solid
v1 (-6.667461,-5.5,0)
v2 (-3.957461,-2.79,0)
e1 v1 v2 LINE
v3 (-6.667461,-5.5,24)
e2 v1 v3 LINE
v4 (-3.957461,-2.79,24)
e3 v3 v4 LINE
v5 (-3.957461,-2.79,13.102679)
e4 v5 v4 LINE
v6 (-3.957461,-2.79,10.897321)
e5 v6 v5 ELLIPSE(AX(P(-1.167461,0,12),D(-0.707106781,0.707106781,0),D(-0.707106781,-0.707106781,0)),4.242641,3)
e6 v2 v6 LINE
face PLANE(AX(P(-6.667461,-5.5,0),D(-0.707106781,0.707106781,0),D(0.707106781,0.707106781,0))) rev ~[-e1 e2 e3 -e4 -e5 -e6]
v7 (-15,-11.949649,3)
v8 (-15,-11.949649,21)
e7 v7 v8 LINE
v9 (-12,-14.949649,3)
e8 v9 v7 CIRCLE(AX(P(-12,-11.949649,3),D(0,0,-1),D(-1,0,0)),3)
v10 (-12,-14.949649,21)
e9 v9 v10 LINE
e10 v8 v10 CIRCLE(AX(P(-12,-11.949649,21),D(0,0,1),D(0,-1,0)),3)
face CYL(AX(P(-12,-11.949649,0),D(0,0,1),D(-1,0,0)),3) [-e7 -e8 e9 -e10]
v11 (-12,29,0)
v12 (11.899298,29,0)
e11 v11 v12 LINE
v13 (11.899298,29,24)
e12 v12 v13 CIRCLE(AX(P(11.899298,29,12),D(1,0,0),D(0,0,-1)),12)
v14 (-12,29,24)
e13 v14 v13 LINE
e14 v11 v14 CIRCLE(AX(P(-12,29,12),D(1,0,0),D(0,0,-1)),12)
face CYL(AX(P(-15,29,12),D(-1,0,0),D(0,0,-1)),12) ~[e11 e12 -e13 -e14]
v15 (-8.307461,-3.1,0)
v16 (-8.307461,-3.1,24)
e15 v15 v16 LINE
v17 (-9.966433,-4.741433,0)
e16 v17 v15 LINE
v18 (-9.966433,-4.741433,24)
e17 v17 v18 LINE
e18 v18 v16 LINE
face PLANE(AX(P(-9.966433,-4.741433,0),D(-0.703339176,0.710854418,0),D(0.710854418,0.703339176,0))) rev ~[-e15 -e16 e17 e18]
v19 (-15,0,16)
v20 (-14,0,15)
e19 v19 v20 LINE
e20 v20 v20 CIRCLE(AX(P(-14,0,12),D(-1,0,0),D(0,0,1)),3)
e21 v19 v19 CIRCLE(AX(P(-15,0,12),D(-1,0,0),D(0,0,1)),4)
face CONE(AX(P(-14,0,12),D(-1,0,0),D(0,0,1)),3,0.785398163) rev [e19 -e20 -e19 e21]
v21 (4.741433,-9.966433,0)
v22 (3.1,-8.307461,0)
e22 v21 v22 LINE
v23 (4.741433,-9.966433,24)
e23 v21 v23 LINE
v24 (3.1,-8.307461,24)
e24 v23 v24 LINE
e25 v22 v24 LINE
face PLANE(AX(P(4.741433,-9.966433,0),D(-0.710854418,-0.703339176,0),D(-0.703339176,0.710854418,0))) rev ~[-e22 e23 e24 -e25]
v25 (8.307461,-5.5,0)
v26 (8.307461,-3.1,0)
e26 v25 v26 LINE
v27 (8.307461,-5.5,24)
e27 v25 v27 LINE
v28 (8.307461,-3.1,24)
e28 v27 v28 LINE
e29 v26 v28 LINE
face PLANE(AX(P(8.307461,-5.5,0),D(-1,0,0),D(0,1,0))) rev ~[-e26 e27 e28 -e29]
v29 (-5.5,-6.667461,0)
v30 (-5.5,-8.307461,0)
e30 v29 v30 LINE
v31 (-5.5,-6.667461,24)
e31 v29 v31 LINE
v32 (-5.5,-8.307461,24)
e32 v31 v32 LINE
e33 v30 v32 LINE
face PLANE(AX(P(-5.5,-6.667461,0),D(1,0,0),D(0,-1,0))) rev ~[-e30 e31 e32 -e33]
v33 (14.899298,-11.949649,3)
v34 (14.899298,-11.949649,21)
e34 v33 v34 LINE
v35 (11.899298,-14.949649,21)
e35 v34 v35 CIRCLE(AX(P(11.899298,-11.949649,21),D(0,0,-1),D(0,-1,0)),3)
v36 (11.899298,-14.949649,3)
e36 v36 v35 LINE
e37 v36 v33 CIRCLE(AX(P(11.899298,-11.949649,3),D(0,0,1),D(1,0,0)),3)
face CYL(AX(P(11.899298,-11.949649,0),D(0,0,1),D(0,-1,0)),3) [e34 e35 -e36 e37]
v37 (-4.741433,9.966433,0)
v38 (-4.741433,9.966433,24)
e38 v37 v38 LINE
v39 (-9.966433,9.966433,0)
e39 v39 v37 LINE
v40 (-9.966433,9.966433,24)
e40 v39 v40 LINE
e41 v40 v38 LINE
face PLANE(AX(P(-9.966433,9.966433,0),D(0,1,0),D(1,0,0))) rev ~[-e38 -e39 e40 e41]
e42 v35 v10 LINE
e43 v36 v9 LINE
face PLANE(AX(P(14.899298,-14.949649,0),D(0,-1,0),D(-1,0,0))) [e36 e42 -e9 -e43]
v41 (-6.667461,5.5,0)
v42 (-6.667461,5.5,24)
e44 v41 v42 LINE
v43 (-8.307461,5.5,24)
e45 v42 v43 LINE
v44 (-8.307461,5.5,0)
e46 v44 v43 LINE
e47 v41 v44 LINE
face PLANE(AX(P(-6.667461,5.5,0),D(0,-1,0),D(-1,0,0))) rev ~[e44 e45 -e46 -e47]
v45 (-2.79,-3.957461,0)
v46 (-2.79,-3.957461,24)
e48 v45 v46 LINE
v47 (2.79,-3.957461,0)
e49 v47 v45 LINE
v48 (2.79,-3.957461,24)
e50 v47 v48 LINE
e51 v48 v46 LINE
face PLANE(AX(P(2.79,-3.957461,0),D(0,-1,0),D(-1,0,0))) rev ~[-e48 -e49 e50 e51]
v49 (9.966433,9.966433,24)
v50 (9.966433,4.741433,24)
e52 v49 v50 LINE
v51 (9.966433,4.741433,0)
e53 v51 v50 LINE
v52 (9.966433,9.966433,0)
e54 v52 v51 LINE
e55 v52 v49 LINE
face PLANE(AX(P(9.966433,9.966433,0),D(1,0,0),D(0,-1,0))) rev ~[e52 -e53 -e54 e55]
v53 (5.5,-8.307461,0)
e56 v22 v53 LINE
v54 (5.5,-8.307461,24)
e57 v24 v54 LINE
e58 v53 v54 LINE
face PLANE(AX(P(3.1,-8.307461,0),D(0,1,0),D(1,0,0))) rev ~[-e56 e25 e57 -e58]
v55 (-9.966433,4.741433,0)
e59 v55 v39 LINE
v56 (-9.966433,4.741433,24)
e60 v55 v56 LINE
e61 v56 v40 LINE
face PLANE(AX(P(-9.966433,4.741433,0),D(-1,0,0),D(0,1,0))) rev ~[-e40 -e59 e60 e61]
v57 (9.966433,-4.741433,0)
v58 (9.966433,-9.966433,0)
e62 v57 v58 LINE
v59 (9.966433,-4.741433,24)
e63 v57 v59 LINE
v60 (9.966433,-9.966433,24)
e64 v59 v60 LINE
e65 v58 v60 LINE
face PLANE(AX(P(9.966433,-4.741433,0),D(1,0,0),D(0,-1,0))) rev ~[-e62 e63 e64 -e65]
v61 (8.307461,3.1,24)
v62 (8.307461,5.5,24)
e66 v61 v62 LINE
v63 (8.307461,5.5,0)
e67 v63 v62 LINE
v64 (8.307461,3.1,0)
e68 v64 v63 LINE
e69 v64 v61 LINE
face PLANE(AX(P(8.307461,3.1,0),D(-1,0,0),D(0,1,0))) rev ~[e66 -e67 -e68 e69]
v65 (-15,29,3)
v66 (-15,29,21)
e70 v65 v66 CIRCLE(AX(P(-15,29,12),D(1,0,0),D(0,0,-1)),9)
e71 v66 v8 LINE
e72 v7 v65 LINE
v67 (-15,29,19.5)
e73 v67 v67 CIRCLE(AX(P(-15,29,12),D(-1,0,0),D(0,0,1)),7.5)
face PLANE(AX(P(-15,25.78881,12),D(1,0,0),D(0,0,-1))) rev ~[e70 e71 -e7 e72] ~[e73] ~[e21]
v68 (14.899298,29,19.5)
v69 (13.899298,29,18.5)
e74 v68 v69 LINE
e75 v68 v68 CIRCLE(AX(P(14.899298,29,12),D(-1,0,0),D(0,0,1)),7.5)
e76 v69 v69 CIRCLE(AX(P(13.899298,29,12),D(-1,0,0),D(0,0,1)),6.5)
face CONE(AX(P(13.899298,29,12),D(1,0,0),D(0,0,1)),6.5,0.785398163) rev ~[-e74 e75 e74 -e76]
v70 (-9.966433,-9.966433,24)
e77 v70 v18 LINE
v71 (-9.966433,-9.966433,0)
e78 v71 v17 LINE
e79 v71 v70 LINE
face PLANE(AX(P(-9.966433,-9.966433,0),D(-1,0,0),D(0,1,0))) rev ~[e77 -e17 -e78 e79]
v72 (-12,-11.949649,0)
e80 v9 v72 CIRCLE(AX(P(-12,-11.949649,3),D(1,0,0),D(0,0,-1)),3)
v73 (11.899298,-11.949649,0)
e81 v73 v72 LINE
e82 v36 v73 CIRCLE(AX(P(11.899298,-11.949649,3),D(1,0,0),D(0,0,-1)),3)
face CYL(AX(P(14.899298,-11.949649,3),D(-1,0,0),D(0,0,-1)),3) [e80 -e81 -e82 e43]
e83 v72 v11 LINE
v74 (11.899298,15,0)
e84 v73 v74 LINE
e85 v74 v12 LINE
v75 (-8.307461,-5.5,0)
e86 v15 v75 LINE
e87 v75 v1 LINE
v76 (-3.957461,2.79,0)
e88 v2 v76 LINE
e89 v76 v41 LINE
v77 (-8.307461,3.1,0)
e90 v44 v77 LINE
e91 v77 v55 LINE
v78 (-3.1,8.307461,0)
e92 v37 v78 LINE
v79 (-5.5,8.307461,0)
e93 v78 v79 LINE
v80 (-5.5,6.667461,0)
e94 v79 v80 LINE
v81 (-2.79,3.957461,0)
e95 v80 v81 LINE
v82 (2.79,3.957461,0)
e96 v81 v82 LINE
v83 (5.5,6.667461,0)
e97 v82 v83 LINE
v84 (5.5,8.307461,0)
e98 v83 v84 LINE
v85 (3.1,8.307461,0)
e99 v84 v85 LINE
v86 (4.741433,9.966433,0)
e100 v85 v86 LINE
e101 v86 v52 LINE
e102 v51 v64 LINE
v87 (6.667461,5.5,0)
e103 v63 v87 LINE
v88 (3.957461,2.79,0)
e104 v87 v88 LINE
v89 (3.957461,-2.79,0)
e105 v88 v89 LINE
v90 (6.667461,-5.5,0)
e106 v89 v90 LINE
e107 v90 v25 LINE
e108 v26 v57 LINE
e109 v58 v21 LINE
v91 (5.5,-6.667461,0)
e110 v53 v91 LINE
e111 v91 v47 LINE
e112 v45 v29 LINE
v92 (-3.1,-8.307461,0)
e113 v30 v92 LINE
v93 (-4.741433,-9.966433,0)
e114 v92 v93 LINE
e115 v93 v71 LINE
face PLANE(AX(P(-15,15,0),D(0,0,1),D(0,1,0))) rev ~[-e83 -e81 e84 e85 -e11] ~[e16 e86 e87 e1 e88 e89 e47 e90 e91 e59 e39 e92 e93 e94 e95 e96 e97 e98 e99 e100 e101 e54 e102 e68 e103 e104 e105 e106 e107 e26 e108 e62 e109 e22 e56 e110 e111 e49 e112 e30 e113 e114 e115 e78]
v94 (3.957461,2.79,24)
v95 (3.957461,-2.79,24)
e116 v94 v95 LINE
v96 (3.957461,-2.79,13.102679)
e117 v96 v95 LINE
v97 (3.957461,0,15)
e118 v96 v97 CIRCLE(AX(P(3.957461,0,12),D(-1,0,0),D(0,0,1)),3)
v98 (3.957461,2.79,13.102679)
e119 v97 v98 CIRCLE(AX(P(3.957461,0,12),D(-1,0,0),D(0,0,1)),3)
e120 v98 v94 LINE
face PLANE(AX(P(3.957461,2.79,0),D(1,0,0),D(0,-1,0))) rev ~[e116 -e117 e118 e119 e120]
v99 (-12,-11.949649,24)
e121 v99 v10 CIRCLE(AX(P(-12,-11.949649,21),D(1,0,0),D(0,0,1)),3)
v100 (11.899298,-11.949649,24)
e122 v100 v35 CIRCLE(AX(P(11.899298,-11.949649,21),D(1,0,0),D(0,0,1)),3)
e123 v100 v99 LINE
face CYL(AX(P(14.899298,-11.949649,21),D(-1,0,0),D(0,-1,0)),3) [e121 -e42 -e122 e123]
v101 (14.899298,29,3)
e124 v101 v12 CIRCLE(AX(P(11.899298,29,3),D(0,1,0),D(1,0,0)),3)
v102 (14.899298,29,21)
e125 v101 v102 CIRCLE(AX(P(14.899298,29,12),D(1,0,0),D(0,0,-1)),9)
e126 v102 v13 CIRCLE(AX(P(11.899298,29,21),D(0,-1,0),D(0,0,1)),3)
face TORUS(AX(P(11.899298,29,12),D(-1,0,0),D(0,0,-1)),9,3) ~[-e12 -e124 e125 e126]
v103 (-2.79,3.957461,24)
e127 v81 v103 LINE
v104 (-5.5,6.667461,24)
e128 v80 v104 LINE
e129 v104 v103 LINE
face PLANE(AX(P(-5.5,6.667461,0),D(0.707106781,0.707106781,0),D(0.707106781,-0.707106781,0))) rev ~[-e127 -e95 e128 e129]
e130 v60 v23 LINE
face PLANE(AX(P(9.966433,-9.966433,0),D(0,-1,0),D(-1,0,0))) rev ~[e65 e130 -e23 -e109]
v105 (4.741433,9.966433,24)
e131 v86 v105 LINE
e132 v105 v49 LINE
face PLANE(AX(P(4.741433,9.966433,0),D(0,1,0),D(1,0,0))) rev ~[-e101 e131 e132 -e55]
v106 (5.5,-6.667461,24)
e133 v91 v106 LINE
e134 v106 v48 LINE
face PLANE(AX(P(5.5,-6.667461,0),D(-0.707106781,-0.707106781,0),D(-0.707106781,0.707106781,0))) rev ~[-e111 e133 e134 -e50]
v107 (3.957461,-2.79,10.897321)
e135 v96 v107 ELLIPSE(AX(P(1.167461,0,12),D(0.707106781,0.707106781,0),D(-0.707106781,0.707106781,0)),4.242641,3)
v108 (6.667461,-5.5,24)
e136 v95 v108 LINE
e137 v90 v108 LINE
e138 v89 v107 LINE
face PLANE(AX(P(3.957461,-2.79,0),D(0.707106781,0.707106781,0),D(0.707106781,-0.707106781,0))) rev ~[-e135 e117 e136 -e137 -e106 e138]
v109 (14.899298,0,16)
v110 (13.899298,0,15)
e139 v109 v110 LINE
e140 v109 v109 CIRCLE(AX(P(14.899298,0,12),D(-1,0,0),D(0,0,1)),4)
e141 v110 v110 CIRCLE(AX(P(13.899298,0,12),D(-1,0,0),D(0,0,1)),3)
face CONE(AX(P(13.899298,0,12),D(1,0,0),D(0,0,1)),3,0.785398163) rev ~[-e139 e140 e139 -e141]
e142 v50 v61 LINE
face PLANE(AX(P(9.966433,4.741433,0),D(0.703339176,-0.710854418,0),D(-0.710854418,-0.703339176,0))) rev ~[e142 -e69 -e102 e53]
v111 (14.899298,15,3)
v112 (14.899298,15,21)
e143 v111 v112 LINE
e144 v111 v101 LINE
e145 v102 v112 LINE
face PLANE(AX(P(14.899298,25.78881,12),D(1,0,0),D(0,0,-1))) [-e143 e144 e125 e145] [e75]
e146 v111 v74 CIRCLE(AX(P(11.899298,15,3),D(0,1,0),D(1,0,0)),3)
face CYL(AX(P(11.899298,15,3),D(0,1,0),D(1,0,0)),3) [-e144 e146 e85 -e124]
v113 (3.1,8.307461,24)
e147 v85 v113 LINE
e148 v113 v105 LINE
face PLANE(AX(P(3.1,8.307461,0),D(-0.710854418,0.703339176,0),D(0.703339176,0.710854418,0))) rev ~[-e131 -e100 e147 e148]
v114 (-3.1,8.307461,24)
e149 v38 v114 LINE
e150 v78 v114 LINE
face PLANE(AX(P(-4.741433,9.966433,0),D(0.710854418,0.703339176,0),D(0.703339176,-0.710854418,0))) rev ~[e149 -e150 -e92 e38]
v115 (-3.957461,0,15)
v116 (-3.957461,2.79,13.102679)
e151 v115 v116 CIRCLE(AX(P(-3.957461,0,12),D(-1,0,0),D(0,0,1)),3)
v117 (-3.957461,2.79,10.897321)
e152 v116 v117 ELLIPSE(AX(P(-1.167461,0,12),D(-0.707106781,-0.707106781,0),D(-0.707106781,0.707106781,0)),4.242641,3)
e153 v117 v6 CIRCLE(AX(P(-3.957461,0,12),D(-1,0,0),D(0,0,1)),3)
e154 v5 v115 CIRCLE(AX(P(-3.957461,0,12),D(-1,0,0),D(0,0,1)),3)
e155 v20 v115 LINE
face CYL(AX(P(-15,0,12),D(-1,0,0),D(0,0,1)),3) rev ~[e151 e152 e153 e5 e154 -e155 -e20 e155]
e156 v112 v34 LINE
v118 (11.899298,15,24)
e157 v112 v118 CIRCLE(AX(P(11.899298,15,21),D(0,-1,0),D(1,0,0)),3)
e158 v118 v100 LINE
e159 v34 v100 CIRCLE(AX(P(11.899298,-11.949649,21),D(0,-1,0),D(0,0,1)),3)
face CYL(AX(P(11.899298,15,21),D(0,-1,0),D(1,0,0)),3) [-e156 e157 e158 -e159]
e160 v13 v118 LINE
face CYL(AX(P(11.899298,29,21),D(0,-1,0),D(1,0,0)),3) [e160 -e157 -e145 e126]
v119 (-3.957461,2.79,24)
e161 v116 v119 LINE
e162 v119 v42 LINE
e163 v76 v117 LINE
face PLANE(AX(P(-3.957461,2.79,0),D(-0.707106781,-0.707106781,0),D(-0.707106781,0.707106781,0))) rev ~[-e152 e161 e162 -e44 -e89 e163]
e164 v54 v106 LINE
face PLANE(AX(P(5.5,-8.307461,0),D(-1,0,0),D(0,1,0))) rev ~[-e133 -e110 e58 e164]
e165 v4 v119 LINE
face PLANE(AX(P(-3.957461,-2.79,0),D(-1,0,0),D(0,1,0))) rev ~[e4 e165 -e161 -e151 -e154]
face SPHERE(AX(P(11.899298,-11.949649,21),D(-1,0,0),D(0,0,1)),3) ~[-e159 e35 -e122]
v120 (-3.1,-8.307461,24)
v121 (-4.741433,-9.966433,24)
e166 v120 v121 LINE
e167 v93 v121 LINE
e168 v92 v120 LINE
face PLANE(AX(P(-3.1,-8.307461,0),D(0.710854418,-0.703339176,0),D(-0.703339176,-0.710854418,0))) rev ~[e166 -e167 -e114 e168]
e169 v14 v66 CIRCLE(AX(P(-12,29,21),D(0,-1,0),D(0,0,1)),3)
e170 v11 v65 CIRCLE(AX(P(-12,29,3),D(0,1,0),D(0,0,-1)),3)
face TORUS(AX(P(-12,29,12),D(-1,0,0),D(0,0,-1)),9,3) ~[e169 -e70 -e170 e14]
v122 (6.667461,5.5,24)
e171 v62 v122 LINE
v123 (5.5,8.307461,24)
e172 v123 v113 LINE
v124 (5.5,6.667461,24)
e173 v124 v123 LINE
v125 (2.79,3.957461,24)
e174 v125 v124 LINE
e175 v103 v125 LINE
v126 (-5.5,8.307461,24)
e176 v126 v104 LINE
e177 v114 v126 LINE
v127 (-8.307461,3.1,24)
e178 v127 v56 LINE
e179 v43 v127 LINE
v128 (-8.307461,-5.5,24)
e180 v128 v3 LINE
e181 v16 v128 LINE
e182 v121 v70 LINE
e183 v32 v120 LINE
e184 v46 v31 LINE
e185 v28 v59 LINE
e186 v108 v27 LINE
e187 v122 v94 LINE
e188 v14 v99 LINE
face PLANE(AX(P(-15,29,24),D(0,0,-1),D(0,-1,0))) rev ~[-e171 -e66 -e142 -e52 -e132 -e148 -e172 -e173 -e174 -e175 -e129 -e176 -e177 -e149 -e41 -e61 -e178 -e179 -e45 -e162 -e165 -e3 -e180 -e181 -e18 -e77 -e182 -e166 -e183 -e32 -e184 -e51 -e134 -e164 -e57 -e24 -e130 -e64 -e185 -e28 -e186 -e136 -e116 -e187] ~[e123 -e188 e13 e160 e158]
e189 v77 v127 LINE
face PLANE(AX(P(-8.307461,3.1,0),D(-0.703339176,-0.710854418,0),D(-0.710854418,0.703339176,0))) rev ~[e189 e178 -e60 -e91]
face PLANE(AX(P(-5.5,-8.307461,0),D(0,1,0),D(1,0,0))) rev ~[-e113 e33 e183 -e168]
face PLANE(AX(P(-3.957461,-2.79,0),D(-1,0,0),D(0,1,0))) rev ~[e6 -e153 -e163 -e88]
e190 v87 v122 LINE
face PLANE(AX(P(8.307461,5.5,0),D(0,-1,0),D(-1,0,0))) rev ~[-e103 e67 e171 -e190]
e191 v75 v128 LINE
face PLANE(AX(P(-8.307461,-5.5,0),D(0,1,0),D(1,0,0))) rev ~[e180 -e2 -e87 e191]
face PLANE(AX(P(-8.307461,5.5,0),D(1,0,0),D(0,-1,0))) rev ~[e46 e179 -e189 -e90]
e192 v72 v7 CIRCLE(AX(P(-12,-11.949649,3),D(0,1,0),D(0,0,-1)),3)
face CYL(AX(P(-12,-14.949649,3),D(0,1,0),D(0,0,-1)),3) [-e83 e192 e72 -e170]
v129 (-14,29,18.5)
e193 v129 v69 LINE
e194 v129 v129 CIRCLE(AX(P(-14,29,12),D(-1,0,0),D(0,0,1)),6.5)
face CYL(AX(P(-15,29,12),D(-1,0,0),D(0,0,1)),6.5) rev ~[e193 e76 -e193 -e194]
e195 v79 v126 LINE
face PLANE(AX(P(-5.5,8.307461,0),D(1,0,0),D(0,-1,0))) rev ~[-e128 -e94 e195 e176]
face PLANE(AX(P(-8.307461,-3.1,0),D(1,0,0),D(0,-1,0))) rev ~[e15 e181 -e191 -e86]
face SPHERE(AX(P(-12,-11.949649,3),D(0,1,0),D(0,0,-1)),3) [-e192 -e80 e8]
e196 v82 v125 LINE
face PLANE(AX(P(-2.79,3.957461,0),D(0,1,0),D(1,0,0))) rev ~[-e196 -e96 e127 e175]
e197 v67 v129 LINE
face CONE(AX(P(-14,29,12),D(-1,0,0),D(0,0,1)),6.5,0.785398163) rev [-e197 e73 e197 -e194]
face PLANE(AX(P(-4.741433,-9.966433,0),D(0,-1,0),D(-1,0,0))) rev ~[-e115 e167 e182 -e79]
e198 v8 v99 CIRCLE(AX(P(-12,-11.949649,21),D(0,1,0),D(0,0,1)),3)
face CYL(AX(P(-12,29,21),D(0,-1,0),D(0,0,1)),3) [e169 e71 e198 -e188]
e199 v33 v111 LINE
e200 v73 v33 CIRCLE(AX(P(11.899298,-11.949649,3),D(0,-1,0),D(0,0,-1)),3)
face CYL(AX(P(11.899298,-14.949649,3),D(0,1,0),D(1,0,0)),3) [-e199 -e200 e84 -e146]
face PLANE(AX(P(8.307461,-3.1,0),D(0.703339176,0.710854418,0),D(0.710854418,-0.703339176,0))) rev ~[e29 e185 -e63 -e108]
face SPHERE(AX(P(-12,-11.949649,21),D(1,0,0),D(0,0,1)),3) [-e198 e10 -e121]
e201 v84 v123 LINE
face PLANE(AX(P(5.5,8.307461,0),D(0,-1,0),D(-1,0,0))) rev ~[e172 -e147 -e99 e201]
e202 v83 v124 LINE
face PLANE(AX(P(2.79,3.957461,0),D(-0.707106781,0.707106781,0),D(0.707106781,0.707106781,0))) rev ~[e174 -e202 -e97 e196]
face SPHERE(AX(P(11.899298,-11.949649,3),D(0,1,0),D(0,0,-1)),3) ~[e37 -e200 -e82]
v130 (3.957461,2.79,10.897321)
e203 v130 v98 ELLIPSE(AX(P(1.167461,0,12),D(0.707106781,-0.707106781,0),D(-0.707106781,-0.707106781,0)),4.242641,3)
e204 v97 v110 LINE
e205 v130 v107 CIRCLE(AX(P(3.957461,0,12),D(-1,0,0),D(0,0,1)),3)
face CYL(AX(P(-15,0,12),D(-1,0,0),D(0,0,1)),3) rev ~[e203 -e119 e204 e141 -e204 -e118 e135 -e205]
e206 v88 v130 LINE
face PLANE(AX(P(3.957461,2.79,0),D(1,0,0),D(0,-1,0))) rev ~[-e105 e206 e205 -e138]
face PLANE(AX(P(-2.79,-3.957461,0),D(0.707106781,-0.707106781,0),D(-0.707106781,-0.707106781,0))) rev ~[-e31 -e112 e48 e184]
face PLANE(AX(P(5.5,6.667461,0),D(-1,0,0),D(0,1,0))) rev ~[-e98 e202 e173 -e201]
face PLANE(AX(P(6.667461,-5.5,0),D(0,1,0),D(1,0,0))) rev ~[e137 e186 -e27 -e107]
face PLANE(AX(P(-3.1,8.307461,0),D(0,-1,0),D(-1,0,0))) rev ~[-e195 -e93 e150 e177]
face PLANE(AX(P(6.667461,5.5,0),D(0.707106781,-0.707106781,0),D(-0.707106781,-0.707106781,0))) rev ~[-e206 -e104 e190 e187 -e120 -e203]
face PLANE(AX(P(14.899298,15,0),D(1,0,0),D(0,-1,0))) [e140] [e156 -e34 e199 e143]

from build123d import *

# Parameters (mm, degrees)
BOSS_EXTRUDE1_DEPTH = 24
SKETCH5_R           = 6.5
BOSS_EXTRUDE3_DEPTH = 29.899298
SKETCH3_R           = 3
CUT_EXTRUDE1_DEPTH  = 30.899298428
FILLET1_R           = 3
CHAMFER1_SIZE       = 1


with BuildPart() as part:
    # Sketch1 → Boss-Extrude1 (new body)
    with BuildSketch(Plane.XY):
        Polygon((0, 15), (14.899298428, 15), (14.899298428, -14.949649214), (-15, -14.949649214), (-15, 15), align=None)
        Polygon((-9.966432809, 9.966432809), (-4.741432809, 9.966432809), (-3.1, 8.307461143), (-5.5, 8.307461143), (-5.5, 6.667461143), (-2.79, 3.957461143), (2.79, 3.957461143), (5.5, 6.667461143), (5.5, 8.307461143), (3.1, 8.307461143), (4.741432809, 9.966432809), (9.966432809, 9.966432809), (9.966432809, 4.741432809), (8.307461143, 3.1), (8.307461143, 5.5), (6.667461143, 5.5), (3.957461143, 2.79), (3.957461143, -2.79), (6.667461143, -5.5), (8.307461143, -5.5), (8.307461143, -3.1), (9.966432809, -4.741432809), (9.966432809, -9.966432809), (4.741432809, -9.966432809), (3.1, -8.307461143), (5.5, -8.307461143), (5.5, -6.667461143), (2.79, -3.957461143), (-2.79, -3.957461143), (-5.5, -6.667461143), (-5.5, -8.307461143), (-3.1, -8.307461143), (-4.741432809, -9.966432809), (-9.966432809, -9.966432809), (-9.966432809, -4.741432809), (-8.307461143, -3.1), (-8.307461143, -5.5), (-6.667461143, -5.5), (-3.957461143, -2.79), (-3.957461143, 2.79), (-6.667461143, 5.5), (-8.307461143, 5.5), (-8.307461143, 3.1), (-9.966432809, 4.741432809), align=None, mode=Mode.SUBTRACT)
    extrude(amount=BOSS_EXTRUDE1_DEPTH)

    # Sketch5 → Boss-Extrude3 (add, through all)
    with BuildSketch(Plane.ZY.offset(15)):
        with BuildLine():
            Line((0, 15), (0, 22.5))
            Line((0, 22.5), (0, 29))
            ThreePointArc((0, 29), (12, 41), (24, 29))
            Line((24, 29), (24, 22.5))
            Line((24, 22.5), (24, 15))
            Line((24, 15), (0, 15))
        make_face()
        with Locations((12, 29)):
            Circle(SKETCH5_R, mode=Mode.SUBTRACT)
    extrude(amount=-BOSS_EXTRUDE3_DEPTH)

    # Sketch3 → Cut-Extrude1 (cut, through all)
    with BuildSketch(Plane.ZY.offset(15)):
        with Locations((12, 0)):
            Circle(SKETCH3_R)
    extrude(amount=-CUT_EXTRUDE1_DEPTH, mode=Mode.SUBTRACT)

    # Fillet1
    fillet1_edges = [part.edges().sort_by_distance(p)[0] for p in [
        (-0.050350786, -14.949649214, 24),
        (14.899298214, 7.025175393, 24),
        (14.899298, 41, 12),
        (-15, 41, 12),
        (14.899298428, 0.025175393, 0),
        (-0.050350786, -14.949649214, 0),
        (-15, 7.025175393, 0),
        (-15, 7.025175393, 24),
        (14.899298428, -14.949649214, 12),
        (-15, -14.949649214, 12),
    ]]
    fillet(fillet1_edges, radius=FILLET1_R)

    # Chamfer1
    chamfer1_edges = [part.edges().sort_by_distance(p)[0] for p in [
        (14.899298, 29, 5.5),
        (-15, 29, 5.5),
        (14.899298428, 0, 9),
        (-15, 0, 9),
    ]]
    chamfer(chamfer1_edges, length=CHAMFER1_SIZE)


solid = part.part
